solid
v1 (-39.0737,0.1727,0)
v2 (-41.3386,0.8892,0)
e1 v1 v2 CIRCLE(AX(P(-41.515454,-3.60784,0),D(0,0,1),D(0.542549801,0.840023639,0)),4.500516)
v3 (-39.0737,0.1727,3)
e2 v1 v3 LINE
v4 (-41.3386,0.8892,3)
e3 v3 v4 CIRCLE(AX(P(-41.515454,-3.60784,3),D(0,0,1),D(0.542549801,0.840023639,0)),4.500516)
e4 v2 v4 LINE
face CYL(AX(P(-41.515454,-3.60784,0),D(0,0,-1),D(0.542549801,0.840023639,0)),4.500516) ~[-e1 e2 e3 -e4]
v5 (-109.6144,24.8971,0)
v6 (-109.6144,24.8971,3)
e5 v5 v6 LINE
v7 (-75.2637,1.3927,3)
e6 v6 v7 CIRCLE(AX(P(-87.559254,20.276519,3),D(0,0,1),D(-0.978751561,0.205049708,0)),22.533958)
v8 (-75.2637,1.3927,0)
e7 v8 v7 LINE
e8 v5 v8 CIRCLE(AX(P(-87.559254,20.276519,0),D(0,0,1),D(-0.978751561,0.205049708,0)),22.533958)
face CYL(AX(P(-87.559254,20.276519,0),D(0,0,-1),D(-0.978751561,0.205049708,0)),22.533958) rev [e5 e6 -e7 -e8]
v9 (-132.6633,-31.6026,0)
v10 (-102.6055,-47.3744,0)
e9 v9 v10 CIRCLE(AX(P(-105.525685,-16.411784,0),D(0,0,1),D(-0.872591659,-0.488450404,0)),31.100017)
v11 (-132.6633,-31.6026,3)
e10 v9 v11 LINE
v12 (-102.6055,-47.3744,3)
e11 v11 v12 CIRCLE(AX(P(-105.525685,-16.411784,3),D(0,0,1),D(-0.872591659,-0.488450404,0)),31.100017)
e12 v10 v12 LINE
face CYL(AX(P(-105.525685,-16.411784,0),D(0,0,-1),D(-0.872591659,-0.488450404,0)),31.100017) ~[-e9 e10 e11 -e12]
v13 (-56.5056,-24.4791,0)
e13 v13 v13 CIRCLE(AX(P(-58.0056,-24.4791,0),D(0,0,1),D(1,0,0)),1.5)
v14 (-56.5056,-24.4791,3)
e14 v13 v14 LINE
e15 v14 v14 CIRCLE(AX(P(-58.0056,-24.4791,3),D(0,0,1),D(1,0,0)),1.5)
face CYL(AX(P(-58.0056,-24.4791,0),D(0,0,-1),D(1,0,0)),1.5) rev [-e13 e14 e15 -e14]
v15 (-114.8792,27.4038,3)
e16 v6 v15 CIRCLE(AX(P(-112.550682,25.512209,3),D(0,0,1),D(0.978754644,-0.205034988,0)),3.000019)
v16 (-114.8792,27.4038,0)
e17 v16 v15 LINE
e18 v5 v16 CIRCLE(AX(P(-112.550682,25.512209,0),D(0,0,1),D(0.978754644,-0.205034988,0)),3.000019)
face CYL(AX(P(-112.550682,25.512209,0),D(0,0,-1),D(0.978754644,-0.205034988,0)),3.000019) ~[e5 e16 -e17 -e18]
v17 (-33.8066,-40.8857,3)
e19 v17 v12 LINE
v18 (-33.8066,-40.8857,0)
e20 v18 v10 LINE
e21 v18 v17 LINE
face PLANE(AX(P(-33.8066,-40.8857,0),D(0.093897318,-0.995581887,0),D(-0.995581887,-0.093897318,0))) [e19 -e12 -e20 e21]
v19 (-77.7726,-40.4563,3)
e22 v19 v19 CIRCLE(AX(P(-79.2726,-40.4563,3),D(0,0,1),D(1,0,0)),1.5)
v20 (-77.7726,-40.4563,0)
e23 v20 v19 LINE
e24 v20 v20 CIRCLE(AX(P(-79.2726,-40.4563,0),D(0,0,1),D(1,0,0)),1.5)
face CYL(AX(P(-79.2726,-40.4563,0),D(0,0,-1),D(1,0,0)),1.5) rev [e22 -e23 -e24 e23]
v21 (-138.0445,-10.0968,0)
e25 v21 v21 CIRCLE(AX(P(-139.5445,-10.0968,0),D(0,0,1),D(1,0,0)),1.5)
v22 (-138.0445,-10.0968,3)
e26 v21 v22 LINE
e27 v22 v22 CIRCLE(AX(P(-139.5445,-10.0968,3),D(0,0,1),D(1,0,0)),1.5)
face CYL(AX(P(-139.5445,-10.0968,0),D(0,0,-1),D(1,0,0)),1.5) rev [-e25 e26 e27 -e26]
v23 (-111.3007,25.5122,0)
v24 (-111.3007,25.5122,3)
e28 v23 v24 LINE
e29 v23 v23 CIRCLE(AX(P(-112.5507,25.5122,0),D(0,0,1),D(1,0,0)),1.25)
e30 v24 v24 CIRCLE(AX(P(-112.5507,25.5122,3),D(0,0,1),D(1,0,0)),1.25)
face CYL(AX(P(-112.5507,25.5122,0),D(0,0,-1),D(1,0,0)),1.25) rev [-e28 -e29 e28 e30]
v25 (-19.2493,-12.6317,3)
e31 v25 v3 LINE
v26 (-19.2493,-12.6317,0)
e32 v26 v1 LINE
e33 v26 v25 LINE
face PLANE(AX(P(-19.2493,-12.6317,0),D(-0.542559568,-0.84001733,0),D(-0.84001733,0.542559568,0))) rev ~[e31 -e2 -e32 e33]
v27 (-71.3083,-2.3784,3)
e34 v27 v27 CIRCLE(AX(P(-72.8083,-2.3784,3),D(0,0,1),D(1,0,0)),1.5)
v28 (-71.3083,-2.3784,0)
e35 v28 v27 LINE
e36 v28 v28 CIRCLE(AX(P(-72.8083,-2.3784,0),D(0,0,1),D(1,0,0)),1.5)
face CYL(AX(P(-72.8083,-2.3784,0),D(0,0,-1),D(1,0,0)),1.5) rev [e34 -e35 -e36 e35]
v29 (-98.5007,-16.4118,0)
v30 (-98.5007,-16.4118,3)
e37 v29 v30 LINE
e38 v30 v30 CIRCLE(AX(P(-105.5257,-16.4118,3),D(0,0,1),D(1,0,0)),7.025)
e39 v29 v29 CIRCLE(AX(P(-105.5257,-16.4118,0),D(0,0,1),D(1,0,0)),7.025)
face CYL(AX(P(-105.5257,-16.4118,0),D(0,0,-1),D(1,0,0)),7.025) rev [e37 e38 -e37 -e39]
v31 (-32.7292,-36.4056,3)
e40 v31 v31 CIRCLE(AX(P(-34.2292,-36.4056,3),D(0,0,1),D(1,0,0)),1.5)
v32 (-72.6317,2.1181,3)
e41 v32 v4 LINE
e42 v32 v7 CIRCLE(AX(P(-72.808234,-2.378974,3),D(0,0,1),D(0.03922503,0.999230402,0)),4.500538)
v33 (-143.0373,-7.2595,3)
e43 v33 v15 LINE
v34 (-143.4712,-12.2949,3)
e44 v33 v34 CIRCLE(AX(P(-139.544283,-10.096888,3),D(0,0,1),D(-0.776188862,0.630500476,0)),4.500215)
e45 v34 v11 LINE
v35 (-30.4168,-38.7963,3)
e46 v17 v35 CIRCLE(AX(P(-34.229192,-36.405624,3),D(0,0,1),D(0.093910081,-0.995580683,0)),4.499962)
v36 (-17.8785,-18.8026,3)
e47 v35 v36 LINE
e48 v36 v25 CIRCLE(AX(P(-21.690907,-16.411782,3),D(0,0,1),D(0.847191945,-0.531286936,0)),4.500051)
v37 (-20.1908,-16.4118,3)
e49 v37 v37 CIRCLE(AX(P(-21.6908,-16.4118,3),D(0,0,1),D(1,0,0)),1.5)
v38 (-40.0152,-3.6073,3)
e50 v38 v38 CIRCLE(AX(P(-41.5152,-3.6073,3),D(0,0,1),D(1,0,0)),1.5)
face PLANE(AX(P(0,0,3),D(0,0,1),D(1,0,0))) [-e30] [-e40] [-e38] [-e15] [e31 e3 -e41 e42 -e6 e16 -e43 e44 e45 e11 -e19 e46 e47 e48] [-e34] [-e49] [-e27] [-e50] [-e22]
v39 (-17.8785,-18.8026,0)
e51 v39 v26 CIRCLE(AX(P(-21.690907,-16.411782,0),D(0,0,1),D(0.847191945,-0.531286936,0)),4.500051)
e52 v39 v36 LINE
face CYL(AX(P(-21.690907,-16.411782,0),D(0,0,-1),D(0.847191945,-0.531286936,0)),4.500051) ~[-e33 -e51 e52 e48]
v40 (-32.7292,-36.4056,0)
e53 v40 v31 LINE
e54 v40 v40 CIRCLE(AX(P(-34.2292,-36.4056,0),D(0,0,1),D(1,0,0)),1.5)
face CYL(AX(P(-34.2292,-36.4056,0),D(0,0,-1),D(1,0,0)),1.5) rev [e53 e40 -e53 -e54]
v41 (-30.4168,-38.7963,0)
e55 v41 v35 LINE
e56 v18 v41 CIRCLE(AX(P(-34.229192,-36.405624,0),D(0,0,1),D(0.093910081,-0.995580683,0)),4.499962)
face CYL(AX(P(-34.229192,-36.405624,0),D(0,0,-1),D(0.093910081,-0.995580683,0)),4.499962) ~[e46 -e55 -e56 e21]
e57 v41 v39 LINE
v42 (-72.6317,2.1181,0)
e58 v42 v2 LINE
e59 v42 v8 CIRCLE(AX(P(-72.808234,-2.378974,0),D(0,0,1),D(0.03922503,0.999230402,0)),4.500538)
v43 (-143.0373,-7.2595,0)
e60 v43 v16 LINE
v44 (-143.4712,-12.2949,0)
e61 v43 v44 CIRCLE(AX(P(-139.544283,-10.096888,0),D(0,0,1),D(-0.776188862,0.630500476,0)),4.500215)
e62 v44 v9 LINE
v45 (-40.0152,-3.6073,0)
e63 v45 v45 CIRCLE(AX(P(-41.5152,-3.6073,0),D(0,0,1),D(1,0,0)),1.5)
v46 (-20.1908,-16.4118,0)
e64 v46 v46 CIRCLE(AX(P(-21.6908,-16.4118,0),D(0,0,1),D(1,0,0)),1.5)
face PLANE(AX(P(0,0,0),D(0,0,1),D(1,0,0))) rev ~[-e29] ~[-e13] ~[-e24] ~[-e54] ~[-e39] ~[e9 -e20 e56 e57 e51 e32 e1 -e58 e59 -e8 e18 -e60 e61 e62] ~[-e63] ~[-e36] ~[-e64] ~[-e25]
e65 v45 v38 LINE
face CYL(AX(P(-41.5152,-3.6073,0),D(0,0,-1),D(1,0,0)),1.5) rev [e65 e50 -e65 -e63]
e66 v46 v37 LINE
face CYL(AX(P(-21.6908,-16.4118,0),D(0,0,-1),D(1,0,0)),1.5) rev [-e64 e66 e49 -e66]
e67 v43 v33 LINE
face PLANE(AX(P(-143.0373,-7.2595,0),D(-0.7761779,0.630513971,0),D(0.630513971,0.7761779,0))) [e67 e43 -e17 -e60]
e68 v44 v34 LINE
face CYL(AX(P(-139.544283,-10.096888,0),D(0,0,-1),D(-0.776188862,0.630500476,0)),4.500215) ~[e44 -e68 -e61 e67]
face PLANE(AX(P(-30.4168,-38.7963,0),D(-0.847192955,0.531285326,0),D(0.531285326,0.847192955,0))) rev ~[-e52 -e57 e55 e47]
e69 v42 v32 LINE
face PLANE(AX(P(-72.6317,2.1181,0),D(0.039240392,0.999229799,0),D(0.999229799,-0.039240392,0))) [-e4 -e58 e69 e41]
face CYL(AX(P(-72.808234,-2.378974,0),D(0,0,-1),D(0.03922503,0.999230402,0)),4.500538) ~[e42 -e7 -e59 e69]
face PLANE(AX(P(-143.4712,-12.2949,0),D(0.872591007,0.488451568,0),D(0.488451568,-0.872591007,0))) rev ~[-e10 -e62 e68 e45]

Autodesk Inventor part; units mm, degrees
ref_plane "YZ Plane" through (0, 0, 0) normal (1, 0, 0) x (0, 1, 0)
ref_plane "XZ Plane" through (0, 0, 0) normal (0, 1, 0) x (-1, 0, 0)
ref_plane "XY Plane" through (0, 0, 0) normal (0, 0, 1) x (1, 0, 0)
sketch "スケッチ1" plane through (0, 0, 0) normal (0, 0, 1) x (1, 0, 0)
  circle A0 centre (-21.6908, -16.4118) radius 1.5
  circle A1 centre (-58.0056, -24.4791) radius 1.5
  circle A2 centre (-34.2292, -36.4056) radius 1.5
  circle A3 centre (-41.5152, -3.6073) radius 1.5
  circle A4 centre (-72.8083, -2.3784) radius 1.5
  circle A5 centre (-79.2726, -40.4563) radius 1.5
  line L0 (-149.4523, -1.6098) -> (-132.6633, -31.6026) construction
  circle A6 centre (-105.5257, -16.4118) radius 30.1 construction
  arc A7 (-143.0373, -7.2595) -> (-143.4712, -12.2949) centre (-139.5445, -10.0968) ccw
  circle A8 centre (-139.5445, -10.0968) radius 1.5
  circle A9 centre (-105.5257, -16.4118) radius 7.025
  line L1 (-21.6908, -16.4118) -> (-91.5316, 55.2499) construction
  line L2 (-21.6908, -16.4118) -> (-120.9187, -3.4901) construction
  line L3 (-91.5316, 55.2499) -> (-49.8446, 17.1127) construction
  line L4 (-49.8446, 17.1127) -> (-120.9187, -3.4901) construction
  line L5 (-105.5257, -16.4118) -> (-21.6908, -16.4118) construction
  line L6 (-21.6908, -16.4118) -> (-99.9742, 13.5882) construction
  line L7 (-21.6908, -16.4118) -> (-101.7113, -41.4118) construction
  line L8 (-21.6908, -16.4118) -> (-112.5507, 25.5122) construction
  line L9 (-112.5507, 25.5122) -> (-49.8446, 17.1127) construction
  circle A10 centre (-112.5507, 25.5122) radius 1.25
  arc A11 (-109.6144, 24.8971) -> (-114.8792, 27.4038) centre (-112.5507, 25.5122) ccw
  arc A12 (-17.8785, -18.8026) -> (-19.2493, -12.6317) centre (-21.6908, -16.4118) ccw
  circle A13 centre (-58.0056, -24.4791) radius 4.5 construction
  arc A14 (-33.8066, -40.8857) -> (-30.4168, -38.7963) centre (-34.2292, -36.4056) ccw
  circle A15 centre (-79.2726, -40.4563) radius 4.5 construction
  arc A16 (-39.0737, 0.1727) -> (-41.3386, 0.8892) centre (-41.5152, -3.6073) ccw
  arc A17 (-72.6317, 2.1181) -> (-75.2637, 1.3927) centre (-72.8083, -2.3784) ccw
  arc A18 (-132.6633, -31.6026) -> (-102.6055, -47.3744) centre (-105.5257, -16.4118) ccw
  line L10 (-33.8066, -40.8857) -> (-102.6055, -47.3744)
  line L11 (-30.4168, -38.7963) -> (-17.8785, -18.8026)
  line L12 (-19.2493, -12.6317) -> (-39.0737, 0.1727)
  line L13 (-72.6317, 2.1181) -> (-41.3386, 0.8892)
  arc A19 (-109.6144, 24.8971) -> (-75.2637, 1.3927) centre (-87.5593, 20.2765) ccw
  line L14 (-143.4712, -12.2949) -> (-132.6633, -31.6026)
  line L15 (-143.0373, -7.2595) -> (-114.8792, 27.4038)
  point P0 (0, 0)
  point P1 (0, 0)
  point P2 (0, 0)
  dimension "d16" = 9
  dimension "d17" = 3
  dimension "d18" = 56.5
  dimension "d19" = 74
  dimension "d20" = 17.35
  dimension "d21" = 20.968
  dimension "d22" = 17.35
  dimension "d23" = 20.968
  dimension "d24" = 2.5
  dimension "d25" = 3
  dimension "d26" = 3
  dimension "d27" = 3
  dimension "d28" = 3
  dimension "d29" = 3
  dimension "d30" = 3
  dimension "d31" = 3
extrude "押し出し1" add sketch "スケッチ1" along normal blind 3
equation "\"d22\" = d20"
equation "\"d23\" = d21"
properties part number "後ろ脚内内フレーム" material "アルミニウム 7075"
